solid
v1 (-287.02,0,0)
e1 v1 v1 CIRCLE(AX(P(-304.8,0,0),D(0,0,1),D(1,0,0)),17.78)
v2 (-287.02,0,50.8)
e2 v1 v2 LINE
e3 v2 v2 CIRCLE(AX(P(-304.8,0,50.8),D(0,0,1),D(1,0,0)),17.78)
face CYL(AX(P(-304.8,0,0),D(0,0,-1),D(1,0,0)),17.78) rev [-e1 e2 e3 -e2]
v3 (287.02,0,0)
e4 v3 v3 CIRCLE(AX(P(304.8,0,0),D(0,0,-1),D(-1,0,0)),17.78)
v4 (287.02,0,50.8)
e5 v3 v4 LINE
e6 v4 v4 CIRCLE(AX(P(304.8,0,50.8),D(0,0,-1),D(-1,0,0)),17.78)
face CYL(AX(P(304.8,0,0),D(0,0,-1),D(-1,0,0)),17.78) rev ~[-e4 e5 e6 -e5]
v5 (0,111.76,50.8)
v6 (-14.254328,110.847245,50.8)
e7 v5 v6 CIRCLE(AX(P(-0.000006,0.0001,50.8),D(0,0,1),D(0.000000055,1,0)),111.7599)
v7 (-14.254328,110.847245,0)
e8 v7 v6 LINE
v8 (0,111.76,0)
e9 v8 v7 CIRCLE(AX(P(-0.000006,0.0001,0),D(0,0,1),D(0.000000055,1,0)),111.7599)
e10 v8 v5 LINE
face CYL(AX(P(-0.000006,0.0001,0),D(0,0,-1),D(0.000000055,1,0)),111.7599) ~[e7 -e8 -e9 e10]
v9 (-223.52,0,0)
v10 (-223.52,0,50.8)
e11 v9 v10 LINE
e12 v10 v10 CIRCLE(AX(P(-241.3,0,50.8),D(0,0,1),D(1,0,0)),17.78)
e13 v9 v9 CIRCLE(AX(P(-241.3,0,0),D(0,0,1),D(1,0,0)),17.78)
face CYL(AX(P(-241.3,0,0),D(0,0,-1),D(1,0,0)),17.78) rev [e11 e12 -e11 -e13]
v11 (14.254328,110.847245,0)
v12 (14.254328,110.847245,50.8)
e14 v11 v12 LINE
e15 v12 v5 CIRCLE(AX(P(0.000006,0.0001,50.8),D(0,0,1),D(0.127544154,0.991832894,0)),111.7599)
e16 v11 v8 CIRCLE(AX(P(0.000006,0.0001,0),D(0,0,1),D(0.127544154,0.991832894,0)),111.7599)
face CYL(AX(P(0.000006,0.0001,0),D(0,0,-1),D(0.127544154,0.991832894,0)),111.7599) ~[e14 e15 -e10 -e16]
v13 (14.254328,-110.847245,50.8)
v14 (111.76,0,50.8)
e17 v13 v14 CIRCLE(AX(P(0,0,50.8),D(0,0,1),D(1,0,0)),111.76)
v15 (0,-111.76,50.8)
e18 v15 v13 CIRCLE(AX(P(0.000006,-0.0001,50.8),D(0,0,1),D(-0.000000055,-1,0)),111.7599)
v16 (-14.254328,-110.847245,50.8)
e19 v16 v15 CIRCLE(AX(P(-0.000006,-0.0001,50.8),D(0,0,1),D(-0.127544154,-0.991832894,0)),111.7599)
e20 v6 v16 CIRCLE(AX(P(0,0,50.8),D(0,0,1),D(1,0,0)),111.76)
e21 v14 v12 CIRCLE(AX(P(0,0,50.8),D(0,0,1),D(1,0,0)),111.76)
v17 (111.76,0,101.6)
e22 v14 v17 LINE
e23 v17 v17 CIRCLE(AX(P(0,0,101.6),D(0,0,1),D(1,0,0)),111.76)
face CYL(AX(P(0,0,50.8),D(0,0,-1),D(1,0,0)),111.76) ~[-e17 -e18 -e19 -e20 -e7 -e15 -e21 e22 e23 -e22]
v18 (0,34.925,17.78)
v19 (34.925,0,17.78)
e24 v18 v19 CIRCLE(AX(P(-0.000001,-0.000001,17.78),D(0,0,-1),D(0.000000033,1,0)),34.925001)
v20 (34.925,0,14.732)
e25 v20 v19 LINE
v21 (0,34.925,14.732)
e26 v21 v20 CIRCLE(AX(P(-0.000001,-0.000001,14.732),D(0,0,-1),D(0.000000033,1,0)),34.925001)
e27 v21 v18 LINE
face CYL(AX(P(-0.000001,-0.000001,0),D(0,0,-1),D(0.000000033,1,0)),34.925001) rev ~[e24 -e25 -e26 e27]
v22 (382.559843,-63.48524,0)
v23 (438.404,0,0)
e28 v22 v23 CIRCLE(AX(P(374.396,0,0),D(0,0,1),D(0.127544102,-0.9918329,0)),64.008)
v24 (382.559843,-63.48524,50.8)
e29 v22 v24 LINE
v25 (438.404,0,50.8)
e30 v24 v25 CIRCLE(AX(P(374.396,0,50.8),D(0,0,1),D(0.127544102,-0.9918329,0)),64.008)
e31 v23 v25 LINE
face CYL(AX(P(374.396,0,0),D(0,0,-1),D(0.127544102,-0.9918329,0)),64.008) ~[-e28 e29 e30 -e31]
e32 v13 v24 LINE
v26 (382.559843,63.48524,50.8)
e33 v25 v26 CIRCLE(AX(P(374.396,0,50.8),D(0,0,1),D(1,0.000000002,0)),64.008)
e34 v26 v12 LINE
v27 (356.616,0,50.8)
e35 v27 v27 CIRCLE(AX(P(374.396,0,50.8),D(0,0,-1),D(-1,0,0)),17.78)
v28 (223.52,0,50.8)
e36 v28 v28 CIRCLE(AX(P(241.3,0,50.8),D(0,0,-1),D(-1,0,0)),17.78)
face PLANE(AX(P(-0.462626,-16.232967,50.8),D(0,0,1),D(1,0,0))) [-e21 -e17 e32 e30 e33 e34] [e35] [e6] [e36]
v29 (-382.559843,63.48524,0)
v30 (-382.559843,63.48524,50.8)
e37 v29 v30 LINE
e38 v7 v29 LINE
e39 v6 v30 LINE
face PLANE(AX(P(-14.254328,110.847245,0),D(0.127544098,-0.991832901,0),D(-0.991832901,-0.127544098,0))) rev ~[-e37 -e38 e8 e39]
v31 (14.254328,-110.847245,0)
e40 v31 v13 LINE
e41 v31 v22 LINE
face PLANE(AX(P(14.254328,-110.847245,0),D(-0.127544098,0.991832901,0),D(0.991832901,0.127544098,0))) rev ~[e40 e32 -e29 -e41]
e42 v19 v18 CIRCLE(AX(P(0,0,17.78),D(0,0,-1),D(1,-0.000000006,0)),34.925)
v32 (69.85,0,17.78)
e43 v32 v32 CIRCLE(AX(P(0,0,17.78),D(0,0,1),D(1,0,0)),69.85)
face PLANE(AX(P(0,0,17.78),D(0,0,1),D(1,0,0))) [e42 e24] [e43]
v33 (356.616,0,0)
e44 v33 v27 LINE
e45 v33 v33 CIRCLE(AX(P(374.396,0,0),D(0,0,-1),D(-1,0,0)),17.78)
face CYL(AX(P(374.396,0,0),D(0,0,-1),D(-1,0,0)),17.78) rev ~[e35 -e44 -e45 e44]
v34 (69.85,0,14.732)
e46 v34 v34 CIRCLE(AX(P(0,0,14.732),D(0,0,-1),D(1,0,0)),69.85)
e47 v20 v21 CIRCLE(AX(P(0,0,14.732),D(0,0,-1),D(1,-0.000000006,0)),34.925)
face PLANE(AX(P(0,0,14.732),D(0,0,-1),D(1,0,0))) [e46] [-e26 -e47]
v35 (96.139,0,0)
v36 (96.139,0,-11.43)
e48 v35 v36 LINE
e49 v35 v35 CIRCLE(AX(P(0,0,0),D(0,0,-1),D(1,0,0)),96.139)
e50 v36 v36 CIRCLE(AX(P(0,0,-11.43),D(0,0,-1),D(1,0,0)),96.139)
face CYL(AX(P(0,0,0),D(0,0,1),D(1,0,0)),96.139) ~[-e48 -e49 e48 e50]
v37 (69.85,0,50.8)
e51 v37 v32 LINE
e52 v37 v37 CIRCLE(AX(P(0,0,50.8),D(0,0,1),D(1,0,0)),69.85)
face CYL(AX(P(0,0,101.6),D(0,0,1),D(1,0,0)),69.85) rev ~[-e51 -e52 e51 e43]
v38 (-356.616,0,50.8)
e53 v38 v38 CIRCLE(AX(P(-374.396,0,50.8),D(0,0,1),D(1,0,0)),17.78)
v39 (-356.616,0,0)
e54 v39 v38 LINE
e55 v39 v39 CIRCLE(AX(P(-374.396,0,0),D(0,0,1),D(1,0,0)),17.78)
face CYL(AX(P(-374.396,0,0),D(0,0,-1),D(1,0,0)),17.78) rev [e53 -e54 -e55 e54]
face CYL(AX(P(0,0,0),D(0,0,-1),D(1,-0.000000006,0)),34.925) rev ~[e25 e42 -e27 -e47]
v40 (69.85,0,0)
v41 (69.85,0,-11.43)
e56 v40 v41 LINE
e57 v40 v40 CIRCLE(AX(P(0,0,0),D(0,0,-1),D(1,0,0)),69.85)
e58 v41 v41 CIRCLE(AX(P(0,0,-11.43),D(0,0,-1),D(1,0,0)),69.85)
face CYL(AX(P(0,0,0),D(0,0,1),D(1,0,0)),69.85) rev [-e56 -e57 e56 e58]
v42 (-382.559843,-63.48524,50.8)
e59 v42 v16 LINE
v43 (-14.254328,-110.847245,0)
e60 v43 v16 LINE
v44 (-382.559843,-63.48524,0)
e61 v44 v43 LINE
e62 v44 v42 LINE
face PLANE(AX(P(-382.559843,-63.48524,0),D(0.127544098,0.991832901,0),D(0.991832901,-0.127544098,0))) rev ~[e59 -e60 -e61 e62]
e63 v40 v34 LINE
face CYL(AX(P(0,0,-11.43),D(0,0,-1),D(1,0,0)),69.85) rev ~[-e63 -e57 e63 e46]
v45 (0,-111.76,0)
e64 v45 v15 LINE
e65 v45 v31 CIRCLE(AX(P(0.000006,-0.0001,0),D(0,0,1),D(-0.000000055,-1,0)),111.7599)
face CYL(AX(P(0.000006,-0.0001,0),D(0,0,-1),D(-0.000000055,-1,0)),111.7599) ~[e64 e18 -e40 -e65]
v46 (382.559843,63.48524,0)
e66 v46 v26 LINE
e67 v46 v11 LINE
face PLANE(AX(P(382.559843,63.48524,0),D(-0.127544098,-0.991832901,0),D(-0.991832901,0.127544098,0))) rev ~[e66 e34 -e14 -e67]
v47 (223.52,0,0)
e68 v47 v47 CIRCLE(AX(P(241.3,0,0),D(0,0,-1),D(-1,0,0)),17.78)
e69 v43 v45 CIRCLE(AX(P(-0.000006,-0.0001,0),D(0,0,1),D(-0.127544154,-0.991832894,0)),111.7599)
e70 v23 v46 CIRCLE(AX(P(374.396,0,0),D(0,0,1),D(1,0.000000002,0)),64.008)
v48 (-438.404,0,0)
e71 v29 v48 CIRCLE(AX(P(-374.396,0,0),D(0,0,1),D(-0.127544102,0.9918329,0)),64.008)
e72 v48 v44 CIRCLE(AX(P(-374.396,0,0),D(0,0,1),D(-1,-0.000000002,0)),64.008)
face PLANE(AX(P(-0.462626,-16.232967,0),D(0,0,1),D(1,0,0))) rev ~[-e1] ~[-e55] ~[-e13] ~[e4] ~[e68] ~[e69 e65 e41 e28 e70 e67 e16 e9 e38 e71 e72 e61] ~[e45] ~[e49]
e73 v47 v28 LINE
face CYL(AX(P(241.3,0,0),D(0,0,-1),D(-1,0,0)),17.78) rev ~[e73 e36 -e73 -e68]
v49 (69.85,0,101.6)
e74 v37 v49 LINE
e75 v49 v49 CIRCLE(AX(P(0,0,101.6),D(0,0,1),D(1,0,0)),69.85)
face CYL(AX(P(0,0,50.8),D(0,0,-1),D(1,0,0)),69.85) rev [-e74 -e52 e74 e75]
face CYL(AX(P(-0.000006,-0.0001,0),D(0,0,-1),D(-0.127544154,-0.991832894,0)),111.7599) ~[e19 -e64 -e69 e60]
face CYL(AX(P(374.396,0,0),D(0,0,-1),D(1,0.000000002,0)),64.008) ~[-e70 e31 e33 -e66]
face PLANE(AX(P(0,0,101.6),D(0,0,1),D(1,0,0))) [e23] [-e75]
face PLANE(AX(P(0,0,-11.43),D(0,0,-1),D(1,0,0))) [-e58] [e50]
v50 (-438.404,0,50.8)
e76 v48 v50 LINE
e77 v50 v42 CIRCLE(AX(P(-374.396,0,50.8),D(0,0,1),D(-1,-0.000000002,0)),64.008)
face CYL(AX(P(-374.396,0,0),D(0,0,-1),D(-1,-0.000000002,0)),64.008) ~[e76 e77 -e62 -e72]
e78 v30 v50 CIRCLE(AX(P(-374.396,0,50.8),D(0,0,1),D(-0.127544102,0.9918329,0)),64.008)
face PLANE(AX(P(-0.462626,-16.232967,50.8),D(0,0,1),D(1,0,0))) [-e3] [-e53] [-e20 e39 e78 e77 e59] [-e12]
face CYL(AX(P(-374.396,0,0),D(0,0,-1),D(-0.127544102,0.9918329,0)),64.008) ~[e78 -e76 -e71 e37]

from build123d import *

# Parameters (mm, degrees)
F0_R     = 17.78
F1_DEPTH = 50.8
F2_R     = 111.76
F2_R_2   = 69.85
F3_DEPTH = 50.8
F4_R     = 69.85
F5_DEPTH = 83.82
F6_R     = 96.139
F6_R_2   = 69.85
F7_DEPTH = 11.43
F8_R     = 69.85
F9_DEPTH = 26.162


with BuildPart() as f1:
    # F0 (on Top) → F1 (new body)
    with BuildSketch(Plane.XY):
        with BuildLine():
            Line((223.52, 0), (34.925, 0))
            ThreePointArc((34.925, 0), (-24.695704, -24.695704), (0, 34.925))
            Line((0, 34.925), (0, 111.76))
            ThreePointArc((0, 111.76), (-7.141761, 111.531578), (-14.254328, 110.847245))
            Line((-14.254328, 110.847245), (-382.559843, 63.48524))
            ThreePointArc((-382.559843, 63.48524), (-422.45625, 42.275719), (-438.404, 0))
            ThreePointArc((-438.404, 0), (-422.45625, -42.275719), (-382.559843, -63.48524))
            Line((-382.559843, -63.48524), (-14.254328, -110.847245))
            ThreePointArc((-14.254328, -110.847245), (-7.141761, -111.531578), (0, -111.76))
            ThreePointArc((0, -111.76), (7.141761, -111.531578), (14.254328, -110.847245))
            Line((14.254328, -110.847245), (382.559843, -63.48524))
            ThreePointArc((382.559843, -63.48524), (422.45625, -42.275719), (438.404, 0))
            Line((438.404, 0), (392.176, 0))
            ThreePointArc((392.176, 0), (374.396, -17.78), (356.616, 0))
            Line((356.616, 0), (322.58, 0))
            ThreePointArc((322.58, 0), (304.8, -17.78), (287.02, 0))
            Line((287.02, 0), (259.08, 0))
            ThreePointArc((259.08, 0), (241.3, -17.78), (223.52, 0))
        make_face()
        with Locations((-374.396, 0)):
            Circle(F0_R, mode=Mode.SUBTRACT)
        with Locations((-304.8, 0)):
            Circle(F0_R, mode=Mode.SUBTRACT)
        with Locations((-241.3, 0)):
            Circle(F0_R, mode=Mode.SUBTRACT)
        with BuildLine():
            ThreePointArc((0, 34.925), (24.695704, 24.695704), (34.925, 0))
            Line((34.925, 0), (223.52, 0))
            ThreePointArc((223.52, 0), (241.3, 17.78), (259.08, 0))
            Line((259.08, 0), (287.02, 0))
            ThreePointArc((287.02, 0), (304.8, 17.78), (322.58, 0))
            Line((322.58, 0), (356.616, 0))
            ThreePointArc((356.616, 0), (374.396, 17.78), (392.176, 0))
            Line((392.176, 0), (438.404, 0))
            ThreePointArc((438.404, 0), (422.45625, 42.275719), (382.559843, 63.48524))
            Line((382.559843, 63.48524), (14.254328, 110.847245))
            ThreePointArc((14.254328, 110.847245), (7.141761, 111.531578), (0, 111.76))
            Line((0, 111.76), (0, 34.925))
        make_face()
    extrude(amount=F1_DEPTH)

    # F2 (on face) → F3 (join)
    with BuildSketch(Plane.XY.offset(50.8)):
        Circle(F2_R)
        Circle(F2_R_2, mode=Mode.SUBTRACT)
    extrude(amount=F3_DEPTH)

    # F4 (on face) → F5 (cut)
    with BuildSketch(Plane.XY.offset(101.6)):
        Circle(F4_R)
    extrude(amount=-F5_DEPTH, mode=Mode.SUBTRACT)

    # F6 (on face) → F7 (join)
    with BuildSketch(Plane(origin=(0, 0, 0), x_dir=(1, 0, 0), z_dir=(0, 0, -1))):
        Circle(F6_R)
        Circle(F6_R_2, mode=Mode.SUBTRACT)
    extrude(amount=F7_DEPTH)

    # F8 (on face) → F9 (cut)
    with BuildSketch(Plane(origin=(0, 0, -11.43), x_dir=(1, 0, 0), z_dir=(0, 0, -1))):
        Circle(F8_R)
    extrude(amount=-F9_DEPTH, mode=Mode.SUBTRACT)


solid = f1.part
